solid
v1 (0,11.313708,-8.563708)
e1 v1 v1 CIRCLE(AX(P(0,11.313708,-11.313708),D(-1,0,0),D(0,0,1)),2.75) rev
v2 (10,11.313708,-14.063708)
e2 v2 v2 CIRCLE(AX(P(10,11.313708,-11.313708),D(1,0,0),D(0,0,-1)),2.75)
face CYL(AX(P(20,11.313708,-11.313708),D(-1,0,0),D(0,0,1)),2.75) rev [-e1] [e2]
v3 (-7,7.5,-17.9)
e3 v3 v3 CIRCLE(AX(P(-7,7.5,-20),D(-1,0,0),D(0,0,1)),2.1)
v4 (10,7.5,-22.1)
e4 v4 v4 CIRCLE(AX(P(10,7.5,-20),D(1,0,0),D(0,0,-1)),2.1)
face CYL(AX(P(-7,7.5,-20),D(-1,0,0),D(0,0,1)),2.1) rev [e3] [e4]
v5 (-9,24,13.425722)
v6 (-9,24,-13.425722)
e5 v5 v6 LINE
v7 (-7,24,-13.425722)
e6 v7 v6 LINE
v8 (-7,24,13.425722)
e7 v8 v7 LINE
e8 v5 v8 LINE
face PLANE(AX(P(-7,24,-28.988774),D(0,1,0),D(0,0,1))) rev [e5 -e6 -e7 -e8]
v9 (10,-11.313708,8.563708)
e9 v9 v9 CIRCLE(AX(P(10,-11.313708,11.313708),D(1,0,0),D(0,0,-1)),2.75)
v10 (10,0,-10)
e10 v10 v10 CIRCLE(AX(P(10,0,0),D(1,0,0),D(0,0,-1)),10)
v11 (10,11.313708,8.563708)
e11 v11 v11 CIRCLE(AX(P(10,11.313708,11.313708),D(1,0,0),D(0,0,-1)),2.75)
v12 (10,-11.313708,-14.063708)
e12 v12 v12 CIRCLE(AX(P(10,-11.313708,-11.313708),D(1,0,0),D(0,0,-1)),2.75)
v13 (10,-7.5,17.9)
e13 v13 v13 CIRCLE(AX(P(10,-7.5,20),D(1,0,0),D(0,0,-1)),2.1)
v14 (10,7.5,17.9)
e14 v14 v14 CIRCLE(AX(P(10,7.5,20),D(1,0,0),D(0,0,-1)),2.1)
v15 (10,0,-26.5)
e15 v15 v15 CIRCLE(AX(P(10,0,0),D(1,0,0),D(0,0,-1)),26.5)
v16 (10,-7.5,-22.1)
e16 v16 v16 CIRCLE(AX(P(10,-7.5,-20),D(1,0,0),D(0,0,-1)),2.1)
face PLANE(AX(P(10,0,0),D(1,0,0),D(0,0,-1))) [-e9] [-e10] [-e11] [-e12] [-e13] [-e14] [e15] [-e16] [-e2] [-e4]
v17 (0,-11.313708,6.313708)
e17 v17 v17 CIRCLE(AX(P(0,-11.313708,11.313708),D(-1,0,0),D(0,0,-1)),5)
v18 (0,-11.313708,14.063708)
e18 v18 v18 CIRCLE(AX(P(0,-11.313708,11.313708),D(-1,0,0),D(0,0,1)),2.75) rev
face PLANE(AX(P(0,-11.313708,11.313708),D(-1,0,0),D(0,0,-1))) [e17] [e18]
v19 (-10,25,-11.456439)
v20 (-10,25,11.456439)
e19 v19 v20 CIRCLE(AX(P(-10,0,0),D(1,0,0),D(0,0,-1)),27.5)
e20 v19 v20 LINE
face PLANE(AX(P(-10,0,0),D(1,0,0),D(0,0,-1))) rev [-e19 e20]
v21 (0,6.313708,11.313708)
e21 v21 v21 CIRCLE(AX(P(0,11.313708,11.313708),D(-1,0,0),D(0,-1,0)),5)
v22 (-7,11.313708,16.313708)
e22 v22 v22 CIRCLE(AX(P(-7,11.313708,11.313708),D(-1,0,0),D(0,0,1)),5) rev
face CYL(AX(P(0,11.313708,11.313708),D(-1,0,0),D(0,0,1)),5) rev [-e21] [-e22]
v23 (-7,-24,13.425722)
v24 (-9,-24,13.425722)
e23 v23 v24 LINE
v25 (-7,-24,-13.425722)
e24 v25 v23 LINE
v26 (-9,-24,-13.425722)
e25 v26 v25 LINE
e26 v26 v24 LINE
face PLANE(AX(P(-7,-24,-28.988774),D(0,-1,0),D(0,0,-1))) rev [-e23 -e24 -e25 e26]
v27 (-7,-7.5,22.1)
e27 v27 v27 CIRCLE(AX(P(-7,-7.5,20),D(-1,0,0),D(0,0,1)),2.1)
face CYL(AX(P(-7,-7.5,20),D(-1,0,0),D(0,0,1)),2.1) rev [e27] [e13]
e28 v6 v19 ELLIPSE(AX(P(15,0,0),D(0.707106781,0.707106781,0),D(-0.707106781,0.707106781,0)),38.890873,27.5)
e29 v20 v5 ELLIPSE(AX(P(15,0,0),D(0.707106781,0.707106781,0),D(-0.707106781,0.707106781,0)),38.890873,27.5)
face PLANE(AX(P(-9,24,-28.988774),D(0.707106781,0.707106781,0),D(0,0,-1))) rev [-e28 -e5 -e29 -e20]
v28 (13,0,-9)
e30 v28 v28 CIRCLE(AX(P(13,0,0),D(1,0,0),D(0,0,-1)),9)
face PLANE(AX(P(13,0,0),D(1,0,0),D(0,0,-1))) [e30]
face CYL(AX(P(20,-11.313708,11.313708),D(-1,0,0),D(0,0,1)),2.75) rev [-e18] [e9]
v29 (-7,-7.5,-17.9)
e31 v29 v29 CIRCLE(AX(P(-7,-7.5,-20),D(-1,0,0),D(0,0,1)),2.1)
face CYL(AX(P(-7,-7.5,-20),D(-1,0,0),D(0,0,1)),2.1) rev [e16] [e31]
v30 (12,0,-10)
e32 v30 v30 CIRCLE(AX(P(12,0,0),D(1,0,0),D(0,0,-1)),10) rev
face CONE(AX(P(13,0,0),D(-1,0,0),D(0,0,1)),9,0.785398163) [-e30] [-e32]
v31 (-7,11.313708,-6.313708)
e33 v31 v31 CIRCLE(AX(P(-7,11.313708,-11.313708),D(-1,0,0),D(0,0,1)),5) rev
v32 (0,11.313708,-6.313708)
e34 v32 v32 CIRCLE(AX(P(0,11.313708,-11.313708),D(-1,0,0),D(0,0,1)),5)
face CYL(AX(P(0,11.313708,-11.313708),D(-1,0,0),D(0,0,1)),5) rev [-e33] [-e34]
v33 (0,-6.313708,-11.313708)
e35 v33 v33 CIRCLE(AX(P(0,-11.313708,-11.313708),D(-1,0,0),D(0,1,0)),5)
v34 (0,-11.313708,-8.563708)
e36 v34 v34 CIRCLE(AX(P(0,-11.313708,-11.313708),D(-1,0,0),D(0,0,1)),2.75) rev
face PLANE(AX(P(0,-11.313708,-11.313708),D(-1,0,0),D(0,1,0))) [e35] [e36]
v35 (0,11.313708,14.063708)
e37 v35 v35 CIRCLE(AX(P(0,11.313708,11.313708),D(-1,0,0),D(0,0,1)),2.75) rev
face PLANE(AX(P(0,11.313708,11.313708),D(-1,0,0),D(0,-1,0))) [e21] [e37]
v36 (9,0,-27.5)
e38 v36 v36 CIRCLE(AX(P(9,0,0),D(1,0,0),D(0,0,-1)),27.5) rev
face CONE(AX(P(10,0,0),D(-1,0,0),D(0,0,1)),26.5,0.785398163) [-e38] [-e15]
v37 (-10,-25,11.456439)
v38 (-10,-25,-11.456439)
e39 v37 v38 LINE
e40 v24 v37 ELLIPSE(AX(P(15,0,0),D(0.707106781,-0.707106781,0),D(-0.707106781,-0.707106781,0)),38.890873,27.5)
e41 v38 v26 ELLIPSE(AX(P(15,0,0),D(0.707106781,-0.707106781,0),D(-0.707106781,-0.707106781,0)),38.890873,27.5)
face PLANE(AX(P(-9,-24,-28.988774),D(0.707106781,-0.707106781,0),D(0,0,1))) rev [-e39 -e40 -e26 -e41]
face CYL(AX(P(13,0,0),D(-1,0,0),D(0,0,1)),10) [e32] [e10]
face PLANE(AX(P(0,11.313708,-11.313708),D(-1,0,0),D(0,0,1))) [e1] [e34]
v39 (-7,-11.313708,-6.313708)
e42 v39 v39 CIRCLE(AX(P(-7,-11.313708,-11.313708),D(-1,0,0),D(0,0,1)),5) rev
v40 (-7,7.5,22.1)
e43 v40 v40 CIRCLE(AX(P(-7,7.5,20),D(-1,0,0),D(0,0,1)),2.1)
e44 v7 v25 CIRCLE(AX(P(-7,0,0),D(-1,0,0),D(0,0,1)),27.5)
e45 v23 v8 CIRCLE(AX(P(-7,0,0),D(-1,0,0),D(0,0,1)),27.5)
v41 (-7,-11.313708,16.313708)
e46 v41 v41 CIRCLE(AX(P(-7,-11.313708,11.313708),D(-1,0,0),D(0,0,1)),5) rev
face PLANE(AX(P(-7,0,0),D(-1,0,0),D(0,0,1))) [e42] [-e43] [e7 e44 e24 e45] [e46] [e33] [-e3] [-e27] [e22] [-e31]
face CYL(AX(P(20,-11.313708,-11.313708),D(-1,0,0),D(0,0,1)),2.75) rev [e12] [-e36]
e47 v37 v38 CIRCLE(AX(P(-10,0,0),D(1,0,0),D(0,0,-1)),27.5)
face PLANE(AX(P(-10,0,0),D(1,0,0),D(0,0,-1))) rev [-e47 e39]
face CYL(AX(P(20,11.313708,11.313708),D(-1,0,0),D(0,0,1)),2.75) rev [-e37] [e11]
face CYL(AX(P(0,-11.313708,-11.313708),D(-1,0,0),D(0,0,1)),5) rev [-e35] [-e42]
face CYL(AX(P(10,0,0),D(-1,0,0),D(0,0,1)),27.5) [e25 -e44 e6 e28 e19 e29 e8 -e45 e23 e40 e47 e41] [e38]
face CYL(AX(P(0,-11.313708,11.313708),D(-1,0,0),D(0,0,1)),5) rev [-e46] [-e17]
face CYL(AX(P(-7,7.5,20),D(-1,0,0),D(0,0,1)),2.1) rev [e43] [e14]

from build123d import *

# Parameters (mm, degrees)
SKETCH_1_R               = 27.5
EXTRUDE_1_DEPTH          = 10
SKETCH_2_R               = 10
EXTRUDE_2_DEPTH          = 3
SKETCH_3_R               = 2.75
CUT_EXTRUDE_1_DEPTH      = 30
PATTERN_CIRCULAR_1_COUNT = 4
SKETCH_4_R               = 5
CUT_EXTRUDE_2_DEPTH      = 10
PATTERN_CIRCULAR_2_COUNT = 4
SKETCH_5_W               = 66.473755295
SKETCH_5_H               = 48
CUT_EXTRUDE_3_DEPTH      = 3
CHAMFER_1_SIZE           = 1
CHAMFER_2_SIZE           = 1


with BuildPart() as part:
    # 草图1 → 凸台-拉伸1 (new, symmetric)
    with BuildSketch(Plane(origin=(0, 0, 0), x_dir=(0, 0, -1), z_dir=(1, 0, 0))):
        Circle(SKETCH_1_R)
    extrude(amount=EXTRUDE_1_DEPTH, both=True)

    # 草图2 → 凸台-拉伸2 (add)
    with BuildSketch(Plane(origin=(10, 0, 0), x_dir=(0, 0, -1), z_dir=(1, 0, 0))):
        Circle(SKETCH_2_R)
    extrude(amount=EXTRUDE_2_DEPTH)

    # 草图3 → 切除-拉伸1 (cut)
    with BuildSketch(Plane.ZY.offset(10)):
        with Locations((11.313708499, 11.313708499)):
            Circle(SKETCH_3_R)
    cut_extrude_1 = extrude(amount=-CUT_EXTRUDE_1_DEPTH, mode=Mode.SUBTRACT)

    # 阵列(圆周)1: 切除-拉伸1 ×4 about axis
    pattern_circular_1_axis = Axis((0, 0, 0), (1, 0, 0))
    for i in range(1, PATTERN_CIRCULAR_1_COUNT):
        add(cut_extrude_1.rotate(pattern_circular_1_axis, i * 360 / PATTERN_CIRCULAR_1_COUNT), mode=Mode.SUBTRACT)

    # 草图4 → 切除-拉伸2 (cut)
    with BuildSketch(Plane.ZY.offset(10)):
        with Locations((-11.313708499, 11.313708499)):
            Circle(SKETCH_4_R)
    cut_extrude_2 = extrude(amount=-CUT_EXTRUDE_2_DEPTH, mode=Mode.SUBTRACT)

    # 阵列(圆周)2: 切除-拉伸2 ×4 about axis
    pattern_circular_2_axis = Axis((0, 0, 0), (1, 0, 0))
    for i in range(1, PATTERN_CIRCULAR_2_COUNT):
        add(cut_extrude_2.rotate(pattern_circular_2_axis, i * 360 / PATTERN_CIRCULAR_2_COUNT), mode=Mode.SUBTRACT)

    # 草图5 → 切除-拉伸3 (cut)
    with BuildSketch(Plane.ZY.offset(10)):
        with Locations((4.248104101, 0)):
            Rectangle(SKETCH_5_W, SKETCH_5_H)
    extrude(amount=-CUT_EXTRUDE_3_DEPTH, mode=Mode.SUBTRACT)

    # 倒角1
    chamfer_1_edges = [part.edges().sort_by_distance(p)[0] for p in [
        (-10, 24, 0),
        (-10, -24, 0),
    ]]
    chamfer(chamfer_1_edges, length=CHAMFER_1_SIZE)

    # 倒角2
    chamfer_2_edges = [part.edges().sort_by_distance(p)[0] for p in [
        (10, 0, 27.5),
        (13, 0, 10),
    ]]
    chamfer(chamfer_2_edges, length=CHAMFER_2_SIZE)

    # 草图6 → M5 螺纹孔1 (revolve, cut)
    with BuildSketch(Plane(origin=(-7, -7.5, -20), x_dir=(0, 0, 1), z_dir=(0, 1, 0))):
        Polygon((0, 0), (0, 33.6618073), (2.1, 32.4), (2.1, 0), align=None)
    hole_wizard_m5_1 = revolve(axis=Axis((-13.35, -7.5, -20), (1, 0, 0)), mode=Mode.SUBTRACT)

    # 镜向1: M5 螺纹孔1 across plane
    add(hole_wizard_m5_1.mirror(Plane.ZX), mode=Mode.SUBTRACT)

    # 镜向2: M5 螺纹孔1 across plane
    add(hole_wizard_m5_1.mirror(Plane.XY), mode=Mode.SUBTRACT)

    # 镜向2 copy 1 sketch → 镜向2 copy 1 (revolve, cut)
    with BuildSketch(Plane(origin=(-7, 7.5, 20), x_dir=(0, 0, -1), z_dir=(0, -1, 0))):
        Polygon((0, 0), (0, 33.6618073), (2.1, 32.4), (2.1, 0), align=None)
    revolve(axis=Axis((-13.35, 7.5, 20), (1, 0, 0)), mode=Mode.SUBTRACT)


solid = part.part
